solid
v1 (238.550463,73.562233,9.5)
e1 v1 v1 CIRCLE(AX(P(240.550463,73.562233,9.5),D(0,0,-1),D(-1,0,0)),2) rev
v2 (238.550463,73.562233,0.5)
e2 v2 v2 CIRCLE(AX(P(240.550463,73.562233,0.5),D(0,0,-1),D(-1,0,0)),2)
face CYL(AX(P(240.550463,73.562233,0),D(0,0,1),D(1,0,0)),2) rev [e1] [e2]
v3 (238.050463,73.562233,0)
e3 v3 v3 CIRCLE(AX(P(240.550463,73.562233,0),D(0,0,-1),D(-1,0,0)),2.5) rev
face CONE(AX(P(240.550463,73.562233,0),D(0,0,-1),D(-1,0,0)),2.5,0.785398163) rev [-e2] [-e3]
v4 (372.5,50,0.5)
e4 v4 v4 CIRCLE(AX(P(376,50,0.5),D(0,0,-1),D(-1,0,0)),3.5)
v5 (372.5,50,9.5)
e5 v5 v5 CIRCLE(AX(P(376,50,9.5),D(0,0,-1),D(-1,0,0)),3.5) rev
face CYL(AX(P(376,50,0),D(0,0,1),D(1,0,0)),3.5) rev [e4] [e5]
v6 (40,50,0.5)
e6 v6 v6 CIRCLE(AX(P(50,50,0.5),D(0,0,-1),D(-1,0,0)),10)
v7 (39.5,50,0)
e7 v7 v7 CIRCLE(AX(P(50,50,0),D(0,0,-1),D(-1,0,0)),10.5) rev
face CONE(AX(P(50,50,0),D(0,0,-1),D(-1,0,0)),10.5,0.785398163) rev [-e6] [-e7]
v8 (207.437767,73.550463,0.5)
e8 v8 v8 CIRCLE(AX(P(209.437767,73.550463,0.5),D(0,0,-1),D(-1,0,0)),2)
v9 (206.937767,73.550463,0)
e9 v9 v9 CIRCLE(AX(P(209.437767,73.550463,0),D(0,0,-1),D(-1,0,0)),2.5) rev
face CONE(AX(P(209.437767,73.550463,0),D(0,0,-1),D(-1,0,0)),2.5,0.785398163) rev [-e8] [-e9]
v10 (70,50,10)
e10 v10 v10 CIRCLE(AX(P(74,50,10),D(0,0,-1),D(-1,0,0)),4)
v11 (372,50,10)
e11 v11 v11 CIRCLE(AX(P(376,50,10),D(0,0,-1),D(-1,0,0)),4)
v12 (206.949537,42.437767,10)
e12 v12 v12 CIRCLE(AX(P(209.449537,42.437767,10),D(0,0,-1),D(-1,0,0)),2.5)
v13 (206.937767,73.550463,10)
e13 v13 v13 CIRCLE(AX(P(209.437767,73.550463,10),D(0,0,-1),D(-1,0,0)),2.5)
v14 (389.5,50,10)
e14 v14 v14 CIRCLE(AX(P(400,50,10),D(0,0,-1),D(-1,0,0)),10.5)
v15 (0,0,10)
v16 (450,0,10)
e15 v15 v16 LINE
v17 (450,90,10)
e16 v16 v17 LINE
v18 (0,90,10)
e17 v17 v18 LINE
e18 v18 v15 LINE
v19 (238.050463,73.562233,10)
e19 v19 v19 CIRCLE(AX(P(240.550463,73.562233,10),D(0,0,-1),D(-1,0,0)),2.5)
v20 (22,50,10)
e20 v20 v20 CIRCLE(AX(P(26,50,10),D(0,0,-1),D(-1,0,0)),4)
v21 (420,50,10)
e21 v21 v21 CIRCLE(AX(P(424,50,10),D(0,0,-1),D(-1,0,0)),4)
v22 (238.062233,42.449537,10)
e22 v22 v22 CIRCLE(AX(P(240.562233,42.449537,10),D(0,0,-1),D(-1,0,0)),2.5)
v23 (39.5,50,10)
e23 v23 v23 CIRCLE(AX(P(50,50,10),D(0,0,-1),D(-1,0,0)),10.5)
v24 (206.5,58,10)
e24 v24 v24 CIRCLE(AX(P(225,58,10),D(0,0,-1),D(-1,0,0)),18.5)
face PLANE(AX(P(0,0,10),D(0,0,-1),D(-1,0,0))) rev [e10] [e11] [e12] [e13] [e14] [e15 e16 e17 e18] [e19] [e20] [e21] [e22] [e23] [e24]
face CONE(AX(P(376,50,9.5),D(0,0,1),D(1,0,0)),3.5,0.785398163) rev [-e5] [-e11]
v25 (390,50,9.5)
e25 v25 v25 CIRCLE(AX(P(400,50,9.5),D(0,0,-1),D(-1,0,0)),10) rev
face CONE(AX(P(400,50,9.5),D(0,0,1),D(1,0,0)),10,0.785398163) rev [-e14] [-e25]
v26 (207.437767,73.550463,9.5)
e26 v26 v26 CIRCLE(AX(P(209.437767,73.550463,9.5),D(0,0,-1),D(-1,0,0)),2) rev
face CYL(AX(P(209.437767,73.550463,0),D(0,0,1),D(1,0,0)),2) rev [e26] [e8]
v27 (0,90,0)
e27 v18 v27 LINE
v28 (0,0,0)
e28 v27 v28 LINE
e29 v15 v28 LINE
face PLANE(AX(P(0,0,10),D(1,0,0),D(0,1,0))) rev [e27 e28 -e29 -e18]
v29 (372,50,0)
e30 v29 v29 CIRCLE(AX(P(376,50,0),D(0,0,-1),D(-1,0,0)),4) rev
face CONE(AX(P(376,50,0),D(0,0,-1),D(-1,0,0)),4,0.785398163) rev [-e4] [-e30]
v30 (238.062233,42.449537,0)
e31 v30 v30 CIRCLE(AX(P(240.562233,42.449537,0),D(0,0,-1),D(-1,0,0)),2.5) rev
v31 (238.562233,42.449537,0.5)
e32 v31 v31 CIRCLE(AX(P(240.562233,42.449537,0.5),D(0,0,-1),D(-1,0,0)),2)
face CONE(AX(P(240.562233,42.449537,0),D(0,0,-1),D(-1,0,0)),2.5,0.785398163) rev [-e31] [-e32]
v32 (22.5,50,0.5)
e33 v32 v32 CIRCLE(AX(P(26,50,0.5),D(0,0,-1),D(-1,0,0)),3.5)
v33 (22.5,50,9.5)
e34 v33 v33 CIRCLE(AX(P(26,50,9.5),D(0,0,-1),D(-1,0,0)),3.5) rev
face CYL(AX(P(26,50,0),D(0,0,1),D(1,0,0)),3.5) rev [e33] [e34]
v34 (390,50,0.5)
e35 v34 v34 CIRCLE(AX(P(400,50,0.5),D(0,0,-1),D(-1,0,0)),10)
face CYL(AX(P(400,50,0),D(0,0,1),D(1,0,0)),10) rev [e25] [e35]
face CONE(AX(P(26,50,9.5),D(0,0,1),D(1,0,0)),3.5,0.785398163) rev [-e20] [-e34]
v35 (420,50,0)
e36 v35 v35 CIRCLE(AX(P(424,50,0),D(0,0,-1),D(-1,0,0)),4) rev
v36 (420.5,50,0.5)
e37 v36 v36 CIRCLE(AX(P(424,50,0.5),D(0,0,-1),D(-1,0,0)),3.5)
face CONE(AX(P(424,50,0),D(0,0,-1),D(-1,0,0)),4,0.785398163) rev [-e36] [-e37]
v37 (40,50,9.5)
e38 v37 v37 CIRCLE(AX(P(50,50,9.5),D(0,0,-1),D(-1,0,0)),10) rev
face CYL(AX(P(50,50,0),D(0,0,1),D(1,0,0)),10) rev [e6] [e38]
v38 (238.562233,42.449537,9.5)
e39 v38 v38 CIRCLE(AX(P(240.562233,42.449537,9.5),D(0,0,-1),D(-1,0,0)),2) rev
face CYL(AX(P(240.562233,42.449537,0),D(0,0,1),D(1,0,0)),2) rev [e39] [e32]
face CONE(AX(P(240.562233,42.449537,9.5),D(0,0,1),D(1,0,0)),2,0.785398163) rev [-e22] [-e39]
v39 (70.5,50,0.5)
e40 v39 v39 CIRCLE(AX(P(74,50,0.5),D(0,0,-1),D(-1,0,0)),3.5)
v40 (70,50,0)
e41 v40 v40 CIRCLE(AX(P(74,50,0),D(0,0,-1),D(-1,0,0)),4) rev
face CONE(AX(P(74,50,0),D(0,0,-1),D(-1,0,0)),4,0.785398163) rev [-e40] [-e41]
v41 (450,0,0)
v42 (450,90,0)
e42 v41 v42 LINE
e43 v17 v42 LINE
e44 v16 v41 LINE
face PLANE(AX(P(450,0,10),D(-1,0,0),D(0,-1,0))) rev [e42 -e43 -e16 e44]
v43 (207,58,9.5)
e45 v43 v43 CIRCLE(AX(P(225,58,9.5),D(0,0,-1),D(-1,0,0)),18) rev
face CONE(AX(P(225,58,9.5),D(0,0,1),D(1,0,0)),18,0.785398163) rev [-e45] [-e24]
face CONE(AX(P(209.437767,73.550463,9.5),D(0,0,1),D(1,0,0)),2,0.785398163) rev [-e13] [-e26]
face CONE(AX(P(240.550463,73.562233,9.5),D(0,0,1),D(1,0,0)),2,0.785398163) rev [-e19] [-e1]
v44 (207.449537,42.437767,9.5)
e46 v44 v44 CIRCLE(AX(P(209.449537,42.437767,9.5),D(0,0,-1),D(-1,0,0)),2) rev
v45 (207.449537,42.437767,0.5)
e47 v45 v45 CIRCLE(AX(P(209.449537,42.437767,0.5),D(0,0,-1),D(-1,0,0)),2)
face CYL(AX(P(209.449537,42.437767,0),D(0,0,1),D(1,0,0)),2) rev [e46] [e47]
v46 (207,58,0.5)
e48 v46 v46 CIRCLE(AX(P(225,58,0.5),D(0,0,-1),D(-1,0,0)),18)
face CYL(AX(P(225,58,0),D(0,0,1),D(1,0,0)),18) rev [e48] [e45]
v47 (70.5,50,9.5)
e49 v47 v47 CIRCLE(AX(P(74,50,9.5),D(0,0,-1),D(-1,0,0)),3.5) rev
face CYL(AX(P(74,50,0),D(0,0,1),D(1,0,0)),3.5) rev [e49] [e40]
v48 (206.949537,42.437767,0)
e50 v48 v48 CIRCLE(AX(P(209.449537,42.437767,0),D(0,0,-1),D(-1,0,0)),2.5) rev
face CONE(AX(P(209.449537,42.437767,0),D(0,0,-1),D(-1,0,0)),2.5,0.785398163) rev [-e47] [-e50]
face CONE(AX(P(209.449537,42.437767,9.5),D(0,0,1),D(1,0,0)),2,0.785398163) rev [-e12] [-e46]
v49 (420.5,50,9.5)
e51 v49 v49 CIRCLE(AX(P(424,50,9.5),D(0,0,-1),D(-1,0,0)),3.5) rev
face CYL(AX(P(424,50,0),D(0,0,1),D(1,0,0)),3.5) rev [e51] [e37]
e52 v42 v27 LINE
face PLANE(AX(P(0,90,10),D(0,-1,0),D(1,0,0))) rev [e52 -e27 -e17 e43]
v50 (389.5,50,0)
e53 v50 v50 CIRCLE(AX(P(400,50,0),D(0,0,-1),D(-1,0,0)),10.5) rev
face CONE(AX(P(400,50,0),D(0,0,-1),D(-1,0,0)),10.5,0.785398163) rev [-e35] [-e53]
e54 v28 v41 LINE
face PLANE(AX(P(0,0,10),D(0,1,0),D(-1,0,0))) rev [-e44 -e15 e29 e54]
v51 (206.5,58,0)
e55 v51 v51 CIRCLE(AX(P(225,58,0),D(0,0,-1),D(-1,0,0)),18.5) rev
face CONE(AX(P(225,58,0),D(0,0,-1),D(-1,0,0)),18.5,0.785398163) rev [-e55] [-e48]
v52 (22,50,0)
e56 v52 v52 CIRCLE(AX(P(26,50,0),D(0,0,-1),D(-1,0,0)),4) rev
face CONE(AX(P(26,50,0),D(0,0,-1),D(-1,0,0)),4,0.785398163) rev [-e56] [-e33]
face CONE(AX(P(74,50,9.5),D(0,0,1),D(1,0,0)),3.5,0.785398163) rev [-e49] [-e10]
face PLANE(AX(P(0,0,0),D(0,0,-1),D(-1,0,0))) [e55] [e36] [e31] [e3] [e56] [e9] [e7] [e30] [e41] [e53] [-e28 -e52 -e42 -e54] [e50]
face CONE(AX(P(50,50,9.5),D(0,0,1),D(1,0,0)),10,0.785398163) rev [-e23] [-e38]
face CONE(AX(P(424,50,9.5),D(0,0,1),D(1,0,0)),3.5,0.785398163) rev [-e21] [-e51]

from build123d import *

# Parameters (mm, degrees)
CROQUIS2_W              = 450
CROQUIS2_H              = 90
SALIENTE_EXTRUIR1_DEPTH = 10
CROQUIS6_R              = 18
CROQUIS6_R_2            = 2
CORTAR_EXTRUIR1_DEPTH   = 460.020696701
CHAFL_N5_SIZE           = 0.5
CROQUIS9_R              = 10
CROQUIS9_R_2            = 3.5
CORTAR_EXTRUIR2_DEPTH   = 460.020696701
CHAFL_N6_SIZE           = 0.5


with BuildPart() as part:
    # Croquis2 → Saliente-Extruir1 (new body)
    with BuildSketch(Plane.XY):
        with Locations((225, 45)):
            Rectangle(CROQUIS2_W, CROQUIS2_H)
    extrude(amount=SALIENTE_EXTRUIR1_DEPTH)

    # Croquis6 → Cortar-Extruir1 (cut, through all)
    with BuildSketch(Plane.XY.offset(10)):
        with Locations((225, 58)):
            Circle(CROQUIS6_R)
        with Locations((209.437767177, 73.550463323)):
            Circle(CROQUIS6_R_2)
        with Locations((240.550463323, 73.562232823)):
            Circle(CROQUIS6_R_2)
        with Locations((240.562232823, 42.449536677)):
            Circle(CROQUIS6_R_2)
        with Locations((209.449536677, 42.437767177)):
            Circle(CROQUIS6_R_2)
    extrude(amount=-CORTAR_EXTRUIR1_DEPTH, mode=Mode.SUBTRACT)

    # Chaflán5
    chafl_n5_edges = [part.edges().sort_by_distance(p)[0] for p in [
        (207, 58, 0),
        (207, 58, 10),
        (207.437767177, 73.550463323, 0),
        (207.437767177, 73.550463323, 10),
        (238.550463323, 73.562232823, 0),
        (238.550463323, 73.562232823, 10),
        (238.562232823, 42.449536677, 0),
        (238.562232823, 42.449536677, 10),
        (207.449536677, 42.437767177, 0),
        (207.449536677, 42.437767177, 10),
    ]]
    chamfer(chafl_n5_edges, length=CHAFL_N5_SIZE)

    # Croquis9 → Cortar-Extruir2 (cut, through all)
    with BuildSketch(Plane.XY.offset(10)):
        with Locations((50, 50)):
            Circle(CROQUIS9_R)
        with Locations(Location((400, 50, 0), (0, 0, 180))):
            Circle(CROQUIS9_R)
        with Locations((26, 50)):
            Circle(CROQUIS9_R_2)
        with Locations((74, 50)):
            Circle(CROQUIS9_R_2)
        with Locations(Location((376, 50, 0), (0, 0, 180))):
            Circle(CROQUIS9_R_2)
        with Locations(Location((424, 50, 0), (0, 0, 180))):
            Circle(CROQUIS9_R_2)
    extrude(amount=-CORTAR_EXTRUIR2_DEPTH, mode=Mode.SUBTRACT)

    # Chaflán6
    chafl_n6_edges = [part.edges().sort_by_distance(p)[0] for p in [
        (40, 50, 0),
        (40, 50, 10),
        (410, 50, 0),
        (410, 50, 10),
        (22.5, 50, 0),
        (22.5, 50, 10),
        (70.5, 50, 0),
        (70.5, 50, 10),
        (379.5, 50, 0),
        (379.5, 50, 10),
        (427.5, 50, 0),
        (427.5, 50, 10),
    ]]
    chamfer(chafl_n6_edges, length=CHAFL_N6_SIZE)


solid = part.part
